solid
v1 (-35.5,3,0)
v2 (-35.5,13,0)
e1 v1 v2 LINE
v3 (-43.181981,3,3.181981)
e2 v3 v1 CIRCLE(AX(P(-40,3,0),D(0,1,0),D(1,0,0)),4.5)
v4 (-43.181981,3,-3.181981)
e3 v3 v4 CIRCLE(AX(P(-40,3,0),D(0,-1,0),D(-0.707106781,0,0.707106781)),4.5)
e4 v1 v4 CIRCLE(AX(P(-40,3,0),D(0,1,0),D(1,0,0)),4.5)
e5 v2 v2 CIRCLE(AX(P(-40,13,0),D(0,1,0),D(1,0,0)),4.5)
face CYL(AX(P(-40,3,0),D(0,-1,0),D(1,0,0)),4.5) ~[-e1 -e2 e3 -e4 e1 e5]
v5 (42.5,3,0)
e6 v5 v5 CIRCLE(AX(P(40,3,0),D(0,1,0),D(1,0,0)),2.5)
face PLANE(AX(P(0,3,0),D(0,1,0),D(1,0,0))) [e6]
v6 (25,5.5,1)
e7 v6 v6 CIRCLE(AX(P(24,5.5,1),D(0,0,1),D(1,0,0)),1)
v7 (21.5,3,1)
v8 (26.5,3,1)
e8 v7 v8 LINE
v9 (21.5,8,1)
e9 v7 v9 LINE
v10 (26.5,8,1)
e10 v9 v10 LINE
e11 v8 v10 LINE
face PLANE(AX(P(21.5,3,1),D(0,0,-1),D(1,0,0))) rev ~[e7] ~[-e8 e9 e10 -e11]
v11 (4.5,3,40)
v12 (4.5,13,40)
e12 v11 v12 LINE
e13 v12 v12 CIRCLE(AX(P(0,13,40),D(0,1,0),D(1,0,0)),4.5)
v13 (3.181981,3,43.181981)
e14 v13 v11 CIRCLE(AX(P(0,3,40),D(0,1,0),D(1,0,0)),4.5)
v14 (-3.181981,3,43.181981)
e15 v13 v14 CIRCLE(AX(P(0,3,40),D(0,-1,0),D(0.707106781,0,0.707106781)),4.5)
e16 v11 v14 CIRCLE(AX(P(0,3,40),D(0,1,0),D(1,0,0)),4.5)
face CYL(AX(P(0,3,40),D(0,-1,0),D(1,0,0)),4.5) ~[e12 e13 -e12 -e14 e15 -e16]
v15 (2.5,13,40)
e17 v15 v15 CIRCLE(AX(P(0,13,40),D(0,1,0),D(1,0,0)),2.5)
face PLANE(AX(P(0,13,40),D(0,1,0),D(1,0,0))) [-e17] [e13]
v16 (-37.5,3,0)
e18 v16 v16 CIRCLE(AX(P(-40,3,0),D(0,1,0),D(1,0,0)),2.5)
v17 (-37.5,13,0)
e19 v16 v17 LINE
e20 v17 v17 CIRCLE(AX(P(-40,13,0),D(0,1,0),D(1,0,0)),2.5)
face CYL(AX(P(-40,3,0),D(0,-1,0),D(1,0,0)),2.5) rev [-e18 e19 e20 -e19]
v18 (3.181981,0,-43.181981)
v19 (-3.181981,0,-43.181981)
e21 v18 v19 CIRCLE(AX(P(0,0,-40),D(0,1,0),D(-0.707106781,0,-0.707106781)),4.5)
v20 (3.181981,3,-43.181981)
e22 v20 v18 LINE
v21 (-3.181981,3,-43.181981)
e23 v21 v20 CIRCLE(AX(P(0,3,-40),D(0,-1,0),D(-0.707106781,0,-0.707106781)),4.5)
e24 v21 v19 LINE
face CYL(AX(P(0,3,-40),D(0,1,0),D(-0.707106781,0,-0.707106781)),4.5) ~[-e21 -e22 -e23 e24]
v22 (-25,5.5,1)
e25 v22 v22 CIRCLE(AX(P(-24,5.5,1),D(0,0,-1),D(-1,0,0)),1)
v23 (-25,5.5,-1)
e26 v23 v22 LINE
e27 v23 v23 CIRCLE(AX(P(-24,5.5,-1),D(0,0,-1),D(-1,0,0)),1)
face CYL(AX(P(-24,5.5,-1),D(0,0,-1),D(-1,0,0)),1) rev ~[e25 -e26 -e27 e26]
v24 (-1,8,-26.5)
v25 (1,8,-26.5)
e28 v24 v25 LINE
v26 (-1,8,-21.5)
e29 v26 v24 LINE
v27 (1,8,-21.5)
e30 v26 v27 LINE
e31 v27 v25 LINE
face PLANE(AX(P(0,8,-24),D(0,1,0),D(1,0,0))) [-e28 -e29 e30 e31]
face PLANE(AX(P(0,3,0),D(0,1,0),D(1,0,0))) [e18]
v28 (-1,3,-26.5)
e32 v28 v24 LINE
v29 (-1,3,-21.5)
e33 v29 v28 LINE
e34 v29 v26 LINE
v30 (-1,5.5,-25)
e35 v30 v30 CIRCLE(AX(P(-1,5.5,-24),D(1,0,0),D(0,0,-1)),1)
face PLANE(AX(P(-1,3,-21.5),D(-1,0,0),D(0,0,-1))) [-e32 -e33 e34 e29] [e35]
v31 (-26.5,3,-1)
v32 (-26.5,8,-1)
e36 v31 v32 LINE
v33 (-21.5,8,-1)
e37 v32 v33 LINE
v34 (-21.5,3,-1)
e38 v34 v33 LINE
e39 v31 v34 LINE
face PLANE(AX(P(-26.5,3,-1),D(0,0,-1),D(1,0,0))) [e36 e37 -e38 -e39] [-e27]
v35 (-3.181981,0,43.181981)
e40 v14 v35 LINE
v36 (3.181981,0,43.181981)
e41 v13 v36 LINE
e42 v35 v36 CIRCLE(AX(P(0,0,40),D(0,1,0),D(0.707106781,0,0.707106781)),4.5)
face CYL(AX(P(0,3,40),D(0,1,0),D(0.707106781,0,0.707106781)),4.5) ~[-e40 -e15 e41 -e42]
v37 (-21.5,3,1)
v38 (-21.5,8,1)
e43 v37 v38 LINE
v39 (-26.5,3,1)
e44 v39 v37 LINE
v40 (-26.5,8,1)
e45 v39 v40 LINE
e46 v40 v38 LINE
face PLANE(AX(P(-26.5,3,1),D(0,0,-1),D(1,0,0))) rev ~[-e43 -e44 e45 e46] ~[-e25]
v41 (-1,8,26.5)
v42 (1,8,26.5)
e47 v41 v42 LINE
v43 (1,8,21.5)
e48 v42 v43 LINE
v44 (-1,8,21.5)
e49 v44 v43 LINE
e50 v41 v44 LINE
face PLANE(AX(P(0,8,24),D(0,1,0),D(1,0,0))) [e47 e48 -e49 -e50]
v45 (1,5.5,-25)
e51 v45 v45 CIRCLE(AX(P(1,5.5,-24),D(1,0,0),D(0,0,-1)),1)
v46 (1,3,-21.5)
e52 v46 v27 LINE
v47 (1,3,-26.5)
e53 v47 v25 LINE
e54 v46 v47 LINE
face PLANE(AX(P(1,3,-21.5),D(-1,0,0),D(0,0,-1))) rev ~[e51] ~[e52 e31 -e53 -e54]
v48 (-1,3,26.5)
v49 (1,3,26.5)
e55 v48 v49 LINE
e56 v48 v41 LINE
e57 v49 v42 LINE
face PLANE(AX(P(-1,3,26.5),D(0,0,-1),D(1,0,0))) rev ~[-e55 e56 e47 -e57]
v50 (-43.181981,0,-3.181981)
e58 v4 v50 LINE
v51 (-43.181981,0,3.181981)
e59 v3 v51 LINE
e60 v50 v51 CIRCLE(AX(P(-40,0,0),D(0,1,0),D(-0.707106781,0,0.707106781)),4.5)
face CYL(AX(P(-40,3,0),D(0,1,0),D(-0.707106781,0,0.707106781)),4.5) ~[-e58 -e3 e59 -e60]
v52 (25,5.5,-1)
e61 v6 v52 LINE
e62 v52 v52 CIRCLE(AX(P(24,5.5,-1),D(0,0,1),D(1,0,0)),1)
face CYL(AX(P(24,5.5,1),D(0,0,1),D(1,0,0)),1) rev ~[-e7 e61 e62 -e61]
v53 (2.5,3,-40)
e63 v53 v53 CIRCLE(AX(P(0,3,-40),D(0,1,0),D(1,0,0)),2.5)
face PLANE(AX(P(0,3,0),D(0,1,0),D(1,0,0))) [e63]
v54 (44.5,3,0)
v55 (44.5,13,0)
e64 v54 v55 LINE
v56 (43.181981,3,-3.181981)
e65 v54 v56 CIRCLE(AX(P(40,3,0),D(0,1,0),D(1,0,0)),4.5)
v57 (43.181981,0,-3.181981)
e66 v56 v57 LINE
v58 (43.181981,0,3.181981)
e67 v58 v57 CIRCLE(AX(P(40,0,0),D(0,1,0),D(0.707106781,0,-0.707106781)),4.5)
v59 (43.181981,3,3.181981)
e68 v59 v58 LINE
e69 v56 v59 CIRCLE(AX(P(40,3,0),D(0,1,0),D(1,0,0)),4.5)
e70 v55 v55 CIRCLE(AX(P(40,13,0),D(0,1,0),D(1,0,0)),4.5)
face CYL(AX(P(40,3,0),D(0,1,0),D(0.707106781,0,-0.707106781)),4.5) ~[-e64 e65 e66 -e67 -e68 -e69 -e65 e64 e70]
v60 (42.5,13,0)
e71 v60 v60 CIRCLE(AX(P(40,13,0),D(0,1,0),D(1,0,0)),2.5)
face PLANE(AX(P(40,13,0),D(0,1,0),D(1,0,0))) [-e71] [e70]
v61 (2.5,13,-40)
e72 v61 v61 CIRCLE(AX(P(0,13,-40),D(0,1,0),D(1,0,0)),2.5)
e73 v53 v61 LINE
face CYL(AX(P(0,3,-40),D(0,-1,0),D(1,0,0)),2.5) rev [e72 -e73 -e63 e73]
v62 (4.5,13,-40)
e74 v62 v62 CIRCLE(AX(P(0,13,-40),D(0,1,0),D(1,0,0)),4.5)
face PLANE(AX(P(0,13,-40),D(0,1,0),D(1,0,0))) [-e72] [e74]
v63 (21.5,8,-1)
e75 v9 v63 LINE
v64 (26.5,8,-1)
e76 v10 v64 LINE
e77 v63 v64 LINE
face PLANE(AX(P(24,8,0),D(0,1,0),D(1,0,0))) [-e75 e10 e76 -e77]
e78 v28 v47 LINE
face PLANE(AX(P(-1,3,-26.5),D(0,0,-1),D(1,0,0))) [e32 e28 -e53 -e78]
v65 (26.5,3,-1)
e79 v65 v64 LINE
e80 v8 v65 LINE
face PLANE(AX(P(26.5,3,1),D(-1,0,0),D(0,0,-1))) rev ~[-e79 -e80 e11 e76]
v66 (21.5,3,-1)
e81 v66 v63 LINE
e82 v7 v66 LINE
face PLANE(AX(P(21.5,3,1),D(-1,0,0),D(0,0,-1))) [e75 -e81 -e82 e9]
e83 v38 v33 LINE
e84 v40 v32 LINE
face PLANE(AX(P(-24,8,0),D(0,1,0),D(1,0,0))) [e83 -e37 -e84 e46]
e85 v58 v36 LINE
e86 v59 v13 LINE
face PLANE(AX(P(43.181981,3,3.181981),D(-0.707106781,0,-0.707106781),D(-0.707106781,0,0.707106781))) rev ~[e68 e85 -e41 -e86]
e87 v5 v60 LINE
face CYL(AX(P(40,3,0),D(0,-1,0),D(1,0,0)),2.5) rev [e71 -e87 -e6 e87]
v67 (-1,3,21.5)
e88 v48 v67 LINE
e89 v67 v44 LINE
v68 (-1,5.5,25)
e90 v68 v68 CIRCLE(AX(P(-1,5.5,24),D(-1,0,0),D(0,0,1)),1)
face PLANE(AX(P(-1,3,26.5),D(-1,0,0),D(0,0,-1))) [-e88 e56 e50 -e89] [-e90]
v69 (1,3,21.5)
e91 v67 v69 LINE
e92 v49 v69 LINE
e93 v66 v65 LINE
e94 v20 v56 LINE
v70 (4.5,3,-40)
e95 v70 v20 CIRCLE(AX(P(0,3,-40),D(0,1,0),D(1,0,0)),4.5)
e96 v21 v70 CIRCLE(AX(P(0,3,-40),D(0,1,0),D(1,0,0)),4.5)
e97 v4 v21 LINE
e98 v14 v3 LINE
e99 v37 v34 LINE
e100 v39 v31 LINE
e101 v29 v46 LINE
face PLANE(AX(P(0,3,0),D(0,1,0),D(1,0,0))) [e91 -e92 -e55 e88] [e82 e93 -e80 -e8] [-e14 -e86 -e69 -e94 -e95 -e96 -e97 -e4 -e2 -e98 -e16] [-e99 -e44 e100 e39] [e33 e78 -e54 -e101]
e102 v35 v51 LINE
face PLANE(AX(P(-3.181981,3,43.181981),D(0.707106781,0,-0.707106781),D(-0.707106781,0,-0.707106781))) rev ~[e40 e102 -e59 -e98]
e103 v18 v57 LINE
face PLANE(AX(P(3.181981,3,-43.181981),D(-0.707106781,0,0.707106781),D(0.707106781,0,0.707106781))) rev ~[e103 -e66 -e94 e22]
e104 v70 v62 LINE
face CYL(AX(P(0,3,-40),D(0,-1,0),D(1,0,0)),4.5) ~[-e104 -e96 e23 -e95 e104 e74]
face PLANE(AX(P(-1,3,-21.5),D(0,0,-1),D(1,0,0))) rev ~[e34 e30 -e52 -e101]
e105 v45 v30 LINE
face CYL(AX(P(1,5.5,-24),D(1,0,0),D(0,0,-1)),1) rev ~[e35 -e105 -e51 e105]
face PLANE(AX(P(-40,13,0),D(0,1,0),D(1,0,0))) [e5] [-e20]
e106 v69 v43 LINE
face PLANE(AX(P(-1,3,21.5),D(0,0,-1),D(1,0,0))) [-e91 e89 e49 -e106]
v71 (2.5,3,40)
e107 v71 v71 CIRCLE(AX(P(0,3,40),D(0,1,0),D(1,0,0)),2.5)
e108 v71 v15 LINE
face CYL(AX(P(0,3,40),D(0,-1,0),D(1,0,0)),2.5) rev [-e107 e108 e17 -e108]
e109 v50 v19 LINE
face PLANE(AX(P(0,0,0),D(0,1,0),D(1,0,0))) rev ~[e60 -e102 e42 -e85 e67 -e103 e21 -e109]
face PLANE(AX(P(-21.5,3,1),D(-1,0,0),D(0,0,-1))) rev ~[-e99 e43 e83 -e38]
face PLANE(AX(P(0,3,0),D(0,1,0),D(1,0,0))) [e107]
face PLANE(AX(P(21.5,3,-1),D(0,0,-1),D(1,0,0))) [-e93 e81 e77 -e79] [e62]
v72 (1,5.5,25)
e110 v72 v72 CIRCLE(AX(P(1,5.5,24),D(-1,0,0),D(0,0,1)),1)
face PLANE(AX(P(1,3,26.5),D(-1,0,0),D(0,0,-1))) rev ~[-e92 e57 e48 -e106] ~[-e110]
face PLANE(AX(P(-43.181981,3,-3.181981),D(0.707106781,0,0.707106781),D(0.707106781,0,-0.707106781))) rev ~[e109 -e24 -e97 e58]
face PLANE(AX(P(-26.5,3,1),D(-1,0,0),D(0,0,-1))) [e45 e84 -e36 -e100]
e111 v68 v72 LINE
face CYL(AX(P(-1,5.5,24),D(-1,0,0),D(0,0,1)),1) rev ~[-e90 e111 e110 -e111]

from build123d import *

# Parameters (mm, degrees)
SKETCH1_W           = 100
SKETCH1_H           = 100
BOSS_EXTRUDE1_DEPTH = 3
SKETCH2_R           = 4.5
SKETCH2_R_2         = 2.5
BOSS_EXTRUDE2_DEPTH = 10
SKETCH3_W           = 4.999999906
SKETCH3_H           = 2
SKETCH3_W_2         = 2
SKETCH3_H_2         = 4.999999906
BOSS_EXTRUDE3_DEPTH = 5
CUT_EXTRUDE1_REACH  = 74.595
SKETCH4_R           = 1
CUT_EXTRUDE2_REACH  = 74.595
SKETCH5_R           = 1
CUT_EXTRUDE3_REACH  = 74.595
SKETCH7_R           = 1
CUT_EXTRUDE4_REACH  = 74.595
SKETCH8_R           = 1
SKETCH9_OUTSIDE_W   = 130.404
SKETCH9_OUTSIDE_H   = 130.404
CUT_EXTRUDE5_DEPTH  = 127


with BuildPart() as part:
    # Sketch1 → Boss-Extrude1 (new body)
    with BuildSketch(Plane(origin=(0, 0, 0), x_dir=(1, 0, 0), z_dir=(0, 1, 0))):
        Rectangle(SKETCH1_W, SKETCH1_H)
    extrude(amount=BOSS_EXTRUDE1_DEPTH)

    # Sketch2 → Boss-Extrude2 (add)
    # profile 1 of 4: a face of its own
    with BuildSketch(Plane(origin=(0, 3, 0), x_dir=(1, 0, 0), z_dir=(0, 1, 0))):
        with Locations((0, 40)):
            Circle(SKETCH2_R)
        with Locations((0, 40)):
            Circle(SKETCH2_R_2, mode=Mode.SUBTRACT)
    # profile 2 of 4: a face of its own
    with BuildSketch(Plane(origin=(0, 3, 0), x_dir=(1, 0, 0), z_dir=(0, 1, 0))):
        with Locations((40, 0)):
            Circle(SKETCH2_R)
        with Locations((40, 0)):
            Circle(SKETCH2_R_2, mode=Mode.SUBTRACT)
    # profile 3 of 4: a face of its own
    with BuildSketch(Plane(origin=(0, 3, 0), x_dir=(1, 0, 0), z_dir=(0, 1, 0))):
        with Locations((0, -40)):
            Circle(SKETCH2_R)
        with Locations((0, -40)):
            Circle(SKETCH2_R_2, mode=Mode.SUBTRACT)
    # profile 4 of 4: a face of its own
    with BuildSketch(Plane(origin=(0, 3, 0), x_dir=(1, 0, 0), z_dir=(0, 1, 0))):
        with Locations((-40, 0)):
            Circle(SKETCH2_R)
        with Locations((-40, 0)):
            Circle(SKETCH2_R_2, mode=Mode.SUBTRACT)
    extrude(amount=BOSS_EXTRUDE2_DEPTH)

    # Sketch3 → Boss-Extrude3 (add)
    with BuildSketch(Plane(origin=(0, 3, 0), x_dir=(1, 0, 0), z_dir=(0, 1, 0))):
        with Locations((24.000000006, 0)):
            Rectangle(SKETCH3_W, SKETCH3_H)
        with Locations((0, 24.000000006)):
            Rectangle(SKETCH3_W_2, SKETCH3_H_2)
        with Locations((0, -24.000000006)):
            Rectangle(SKETCH3_W_2, SKETCH3_H_2)
        with Locations((-24.000000006, 0)):
            Rectangle(SKETCH3_W, SKETCH3_H)
    extrude(amount=BOSS_EXTRUDE3_DEPTH)

    # Sketch4 → Cut-Extrude1 (cut, up to next)
    with BuildSketch(Plane(origin=(1, 0, 0), x_dir=(0, 0, -1), z_dir=(1, 0, 0)), mode=Mode.PRIVATE) as cut_extrude1_sk1:
        with Locations((24.000000006, 5.5)):
            Circle(SKETCH4_R)
    cut_extrude1_tool1 = extrude(cut_extrude1_sk1.sketch, amount=-CUT_EXTRUDE1_REACH, mode=Mode.PRIVATE) & part.part
    add(cut_extrude1_tool1.solids().sort_by_distance((1, 5.5, -24))[0], mode=Mode.SUBTRACT)

    # Sketch5 → Cut-Extrude2 (cut, up to next)
    with BuildSketch(Plane(origin=(0, 0, -1), x_dir=(-1, 0, 0), z_dir=(0, 0, -1)), mode=Mode.PRIVATE) as cut_extrude2_sk1:
        with Locations((24.000000006, 5.5)):
            Circle(SKETCH5_R)
    cut_extrude2_tool1 = extrude(cut_extrude2_sk1.sketch, amount=-CUT_EXTRUDE2_REACH, mode=Mode.PRIVATE) & part.part
    add(cut_extrude2_tool1.solids().sort_by_distance((-24, 5.5, -1))[0], mode=Mode.SUBTRACT)

    # Sketch7 → Cut-Extrude3 (cut, up to next)
    with BuildSketch(Plane.ZY.offset(1), mode=Mode.PRIVATE) as cut_extrude3_sk1:
        with Locations((24.000000006, 5.5)):
            Circle(SKETCH7_R)
    cut_extrude3_tool1 = extrude(cut_extrude3_sk1.sketch, amount=-CUT_EXTRUDE3_REACH, mode=Mode.PRIVATE) & part.part
    add(cut_extrude3_tool1.solids().sort_by_distance((-1, 5.5, 24))[0], mode=Mode.SUBTRACT)

    # Sketch8 → Cut-Extrude4 (cut, up to next)
    with BuildSketch(Plane.XY.offset(1), mode=Mode.PRIVATE) as cut_extrude4_sk1:
        with Locations((24.000000006, 5.5)):
            Circle(SKETCH8_R)
    cut_extrude4_tool1 = extrude(cut_extrude4_sk1.sketch, amount=-CUT_EXTRUDE4_REACH, mode=Mode.PRIVATE) & part.part
    add(cut_extrude4_tool1.solids().sort_by_distance((24, 5.5, 1))[0], mode=Mode.SUBTRACT)

    # Sketch9 outside → Cut-Extrude5 (cut)
    with BuildSketch(Plane(origin=(0, 3, 0), x_dir=(1, 0, 0), z_dir=(0, 1, 0))):
        Rectangle(SKETCH9_OUTSIDE_W, SKETCH9_OUTSIDE_H)
        with BuildLine():
            Line((3.181980515, 43.181980515), (43.181980515, 3.181980515))
            ThreePointArc((43.181980515, 3.181980515), (44.5, 0), (43.181980515, -3.181980515))
            Line((43.181980515, -3.181980515), (3.181980515, -43.181980515))
            ThreePointArc((3.181980515, -43.181980515), (0, -44.5), (-3.181980515, -43.181980515))
            Line((-3.181980515, -43.181980515), (-43.181980515, -3.181980515))
            ThreePointArc((-43.181980515, -3.181980515), (-44.5, 0), (-43.181980515, 3.181980515))
            Line((-43.181980515, 3.181980515), (-3.181980515, 43.181980515))
            ThreePointArc((-3.181980515, 43.181980515), (0, 44.5), (3.181980515, 43.181980515))
        make_face(mode=Mode.SUBTRACT)
    extrude(amount=-CUT_EXTRUDE5_DEPTH, mode=Mode.SUBTRACT)


solid = part.part
